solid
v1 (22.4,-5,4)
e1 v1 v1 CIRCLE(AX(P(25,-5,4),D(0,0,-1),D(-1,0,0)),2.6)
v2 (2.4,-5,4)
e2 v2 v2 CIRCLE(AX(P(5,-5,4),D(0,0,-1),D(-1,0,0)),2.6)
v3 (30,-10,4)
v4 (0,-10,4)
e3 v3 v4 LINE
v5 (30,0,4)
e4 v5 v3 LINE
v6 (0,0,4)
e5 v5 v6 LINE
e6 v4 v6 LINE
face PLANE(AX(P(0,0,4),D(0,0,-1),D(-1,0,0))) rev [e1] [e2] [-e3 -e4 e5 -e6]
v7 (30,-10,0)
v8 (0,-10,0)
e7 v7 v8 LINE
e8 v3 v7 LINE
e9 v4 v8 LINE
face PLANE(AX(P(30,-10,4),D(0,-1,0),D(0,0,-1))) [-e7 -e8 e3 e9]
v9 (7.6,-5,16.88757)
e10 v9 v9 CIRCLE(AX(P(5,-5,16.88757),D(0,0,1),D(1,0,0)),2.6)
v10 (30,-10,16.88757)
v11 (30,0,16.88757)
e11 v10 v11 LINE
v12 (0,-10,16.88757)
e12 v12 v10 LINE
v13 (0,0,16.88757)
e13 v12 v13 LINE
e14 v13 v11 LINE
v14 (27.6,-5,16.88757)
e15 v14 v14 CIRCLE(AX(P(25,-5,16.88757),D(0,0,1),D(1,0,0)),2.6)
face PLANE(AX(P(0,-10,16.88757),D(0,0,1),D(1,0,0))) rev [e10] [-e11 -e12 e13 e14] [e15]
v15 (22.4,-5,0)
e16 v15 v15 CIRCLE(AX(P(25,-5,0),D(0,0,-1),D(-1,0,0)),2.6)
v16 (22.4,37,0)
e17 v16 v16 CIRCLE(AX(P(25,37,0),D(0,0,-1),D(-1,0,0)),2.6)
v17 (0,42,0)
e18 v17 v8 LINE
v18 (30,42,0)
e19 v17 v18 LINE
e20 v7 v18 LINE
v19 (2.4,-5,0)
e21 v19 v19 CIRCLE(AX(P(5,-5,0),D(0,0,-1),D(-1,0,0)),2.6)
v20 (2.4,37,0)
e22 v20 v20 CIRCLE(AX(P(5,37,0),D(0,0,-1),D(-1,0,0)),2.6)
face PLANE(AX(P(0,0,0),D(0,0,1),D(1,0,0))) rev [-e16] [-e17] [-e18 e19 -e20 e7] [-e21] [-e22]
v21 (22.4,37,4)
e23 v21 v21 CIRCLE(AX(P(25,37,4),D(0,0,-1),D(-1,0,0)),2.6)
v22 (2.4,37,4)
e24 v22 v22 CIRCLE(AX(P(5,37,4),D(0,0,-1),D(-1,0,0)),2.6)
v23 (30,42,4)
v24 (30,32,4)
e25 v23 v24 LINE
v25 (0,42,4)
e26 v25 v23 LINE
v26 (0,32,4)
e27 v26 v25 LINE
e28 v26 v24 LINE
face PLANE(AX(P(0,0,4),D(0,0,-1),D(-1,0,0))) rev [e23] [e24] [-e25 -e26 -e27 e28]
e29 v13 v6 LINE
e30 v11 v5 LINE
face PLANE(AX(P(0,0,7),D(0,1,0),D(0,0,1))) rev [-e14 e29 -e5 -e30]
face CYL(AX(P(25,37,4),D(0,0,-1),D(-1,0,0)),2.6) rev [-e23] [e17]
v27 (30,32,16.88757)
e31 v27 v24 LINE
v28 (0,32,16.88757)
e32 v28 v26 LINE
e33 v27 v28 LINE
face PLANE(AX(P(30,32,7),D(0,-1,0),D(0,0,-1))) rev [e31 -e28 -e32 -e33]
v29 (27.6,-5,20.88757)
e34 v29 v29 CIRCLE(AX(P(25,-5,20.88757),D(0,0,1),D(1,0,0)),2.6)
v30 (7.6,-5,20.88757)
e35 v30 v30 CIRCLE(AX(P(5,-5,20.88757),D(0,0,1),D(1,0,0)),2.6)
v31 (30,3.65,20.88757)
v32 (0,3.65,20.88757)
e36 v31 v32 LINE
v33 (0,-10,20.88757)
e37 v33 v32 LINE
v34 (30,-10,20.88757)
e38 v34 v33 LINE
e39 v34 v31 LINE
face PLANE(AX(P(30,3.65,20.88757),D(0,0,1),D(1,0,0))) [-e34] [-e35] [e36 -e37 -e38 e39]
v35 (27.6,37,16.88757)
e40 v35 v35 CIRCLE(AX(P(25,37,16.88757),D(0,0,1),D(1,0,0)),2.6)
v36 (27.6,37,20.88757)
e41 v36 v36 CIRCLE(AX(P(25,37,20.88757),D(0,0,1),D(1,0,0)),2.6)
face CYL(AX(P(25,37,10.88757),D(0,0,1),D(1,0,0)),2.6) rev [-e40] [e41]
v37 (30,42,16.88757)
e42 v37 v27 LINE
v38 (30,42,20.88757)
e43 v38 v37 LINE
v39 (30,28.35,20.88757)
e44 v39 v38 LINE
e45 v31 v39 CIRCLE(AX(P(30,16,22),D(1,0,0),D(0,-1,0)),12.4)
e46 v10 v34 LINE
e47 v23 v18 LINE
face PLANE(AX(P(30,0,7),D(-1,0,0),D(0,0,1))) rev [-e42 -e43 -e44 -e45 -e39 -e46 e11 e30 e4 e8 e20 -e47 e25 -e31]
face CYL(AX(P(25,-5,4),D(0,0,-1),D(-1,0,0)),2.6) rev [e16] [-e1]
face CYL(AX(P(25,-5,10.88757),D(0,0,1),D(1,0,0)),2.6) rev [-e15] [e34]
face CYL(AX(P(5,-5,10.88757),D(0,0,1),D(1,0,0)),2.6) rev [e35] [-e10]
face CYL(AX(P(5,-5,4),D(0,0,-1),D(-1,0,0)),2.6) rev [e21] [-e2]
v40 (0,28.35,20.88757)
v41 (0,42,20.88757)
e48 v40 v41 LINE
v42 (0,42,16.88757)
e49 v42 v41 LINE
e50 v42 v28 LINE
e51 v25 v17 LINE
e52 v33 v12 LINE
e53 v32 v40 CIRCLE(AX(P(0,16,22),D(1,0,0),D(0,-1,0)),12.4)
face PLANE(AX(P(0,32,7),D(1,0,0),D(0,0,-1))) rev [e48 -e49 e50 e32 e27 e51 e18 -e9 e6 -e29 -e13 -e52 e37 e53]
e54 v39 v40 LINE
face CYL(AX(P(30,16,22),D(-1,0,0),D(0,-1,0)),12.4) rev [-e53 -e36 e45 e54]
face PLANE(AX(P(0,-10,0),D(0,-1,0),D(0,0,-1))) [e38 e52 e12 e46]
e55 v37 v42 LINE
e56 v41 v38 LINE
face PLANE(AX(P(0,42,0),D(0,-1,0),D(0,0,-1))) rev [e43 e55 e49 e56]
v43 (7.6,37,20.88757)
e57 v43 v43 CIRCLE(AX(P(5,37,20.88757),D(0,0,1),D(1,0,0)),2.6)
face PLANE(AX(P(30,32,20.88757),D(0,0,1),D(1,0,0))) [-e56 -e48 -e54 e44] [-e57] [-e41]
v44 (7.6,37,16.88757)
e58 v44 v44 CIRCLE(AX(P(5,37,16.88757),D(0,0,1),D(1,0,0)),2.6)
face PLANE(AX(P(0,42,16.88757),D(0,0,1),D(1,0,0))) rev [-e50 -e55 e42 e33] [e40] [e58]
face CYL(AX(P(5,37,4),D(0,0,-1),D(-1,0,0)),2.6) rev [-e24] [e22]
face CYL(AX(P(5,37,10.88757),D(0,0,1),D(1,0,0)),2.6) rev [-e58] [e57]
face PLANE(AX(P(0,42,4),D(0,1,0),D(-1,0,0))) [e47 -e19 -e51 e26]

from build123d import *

# Parameters (mm, degrees)
SKETCH_1_W          = 30
SKETCH_1_H          = 32
EXTRUDE_1_DEPTH     = 7
EXTRUDE_2_DEPTH     = 30
SKETCH_3_R          = 2.6
EXTRUDE_3_DEPTH     = 4
SKETCH_4_W          = 30
SKETCH_4_H          = 4
EXTRUDE_5_DEPTH     = 10
SKETCH_5_W          = 30
SKETCH_5_H          = 4
EXTRUDE_6_DEPTH     = 10
CUT_EXTRUDE_START   = -10
SKETCH_6_R          = 2.6
CUT_EXTRUDE_1_DEPTH = 10


with BuildPart() as part:
    # Эскиз1 → Бобышка-Вытянуть1 (new body)
    with BuildSketch(Plane.XY):
        with Locations((15, 16)):
            Rectangle(SKETCH_1_W, SKETCH_1_H)
    extrude(amount=EXTRUDE_1_DEPTH)

    # Эскиз2 → Бобышка-Вытянуть2 (add)
    with BuildSketch(Plane.ZY):
        with BuildLine():
            Line((7, 32), (20.887570227, 32))
            Line((20.887570227, 32), (20.887570227, 28.35))
            ThreePointArc((20.887570227, 28.35), (9.6, 16), (20.887570227, 3.65))
            Line((20.887570227, 3.65), (20.887570227, 0))
            Line((20.887570227, 0), (7, 0))
            Line((7, 0), (7, 32))
        make_face()
    extrude(amount=-EXTRUDE_2_DEPTH)

    # Эскиз3 → Бобышка-Вытянуть3 (add)
    with BuildSketch(Plane(origin=(0, 0, 0), x_dir=(-1, 0, 0), z_dir=(0, 0, -1))):
        Polygon((-30, 16), (-30, -10), (0, -10), (0, 42), (-30, 42), align=None)
        with Locations((-25, 37)):
            Circle(SKETCH_3_R, mode=Mode.SUBTRACT)
        with Locations((-5, 37)):
            Circle(SKETCH_3_R, mode=Mode.SUBTRACT)
        with Locations((-5, -5)):
            Circle(SKETCH_3_R, mode=Mode.SUBTRACT)
        with Locations((-25, -5)):
            Circle(SKETCH_3_R, mode=Mode.SUBTRACT)
    extrude(amount=-EXTRUDE_3_DEPTH)

    # Эскиз4 → Бобышка-Вытянуть5 (add)
    with BuildSketch(Plane(origin=(0, 32, 0), x_dir=(1, 0, 0), z_dir=(0, 1, 0))):
        with Locations((15, -18.887570227)):
            Rectangle(SKETCH_4_W, SKETCH_4_H)
    extrude(amount=EXTRUDE_5_DEPTH)

    # Эскиз5 → Бобышка-Вытянуть6 (add)
    with BuildSketch(Plane.XZ):
        with Locations((15, 18.887570227)):
            Rectangle(SKETCH_5_W, SKETCH_5_H)
    extrude(amount=EXTRUDE_6_DEPTH)

    # Эскиз6 → Вырез-Вытянуть1 (cut)
    with BuildSketch(Plane.XY.offset(20.887570227).offset(CUT_EXTRUDE_START)):
        with Locations(Location((5, 37, 0), (0, 0, 180))):
            Circle(SKETCH_6_R)
        with Locations(Location((25, 37, 0), (0, 0, 180))):
            Circle(SKETCH_6_R)
        with Locations(Location((25, -5, 0), (0, 0, 180))):
            Circle(SKETCH_6_R)
        with Locations(Location((5, -5, 0), (0, 0, 180))):
            Circle(SKETCH_6_R)
    extrude(amount=CUT_EXTRUDE_1_DEPTH, mode=Mode.SUBTRACT)


solid = part.part
